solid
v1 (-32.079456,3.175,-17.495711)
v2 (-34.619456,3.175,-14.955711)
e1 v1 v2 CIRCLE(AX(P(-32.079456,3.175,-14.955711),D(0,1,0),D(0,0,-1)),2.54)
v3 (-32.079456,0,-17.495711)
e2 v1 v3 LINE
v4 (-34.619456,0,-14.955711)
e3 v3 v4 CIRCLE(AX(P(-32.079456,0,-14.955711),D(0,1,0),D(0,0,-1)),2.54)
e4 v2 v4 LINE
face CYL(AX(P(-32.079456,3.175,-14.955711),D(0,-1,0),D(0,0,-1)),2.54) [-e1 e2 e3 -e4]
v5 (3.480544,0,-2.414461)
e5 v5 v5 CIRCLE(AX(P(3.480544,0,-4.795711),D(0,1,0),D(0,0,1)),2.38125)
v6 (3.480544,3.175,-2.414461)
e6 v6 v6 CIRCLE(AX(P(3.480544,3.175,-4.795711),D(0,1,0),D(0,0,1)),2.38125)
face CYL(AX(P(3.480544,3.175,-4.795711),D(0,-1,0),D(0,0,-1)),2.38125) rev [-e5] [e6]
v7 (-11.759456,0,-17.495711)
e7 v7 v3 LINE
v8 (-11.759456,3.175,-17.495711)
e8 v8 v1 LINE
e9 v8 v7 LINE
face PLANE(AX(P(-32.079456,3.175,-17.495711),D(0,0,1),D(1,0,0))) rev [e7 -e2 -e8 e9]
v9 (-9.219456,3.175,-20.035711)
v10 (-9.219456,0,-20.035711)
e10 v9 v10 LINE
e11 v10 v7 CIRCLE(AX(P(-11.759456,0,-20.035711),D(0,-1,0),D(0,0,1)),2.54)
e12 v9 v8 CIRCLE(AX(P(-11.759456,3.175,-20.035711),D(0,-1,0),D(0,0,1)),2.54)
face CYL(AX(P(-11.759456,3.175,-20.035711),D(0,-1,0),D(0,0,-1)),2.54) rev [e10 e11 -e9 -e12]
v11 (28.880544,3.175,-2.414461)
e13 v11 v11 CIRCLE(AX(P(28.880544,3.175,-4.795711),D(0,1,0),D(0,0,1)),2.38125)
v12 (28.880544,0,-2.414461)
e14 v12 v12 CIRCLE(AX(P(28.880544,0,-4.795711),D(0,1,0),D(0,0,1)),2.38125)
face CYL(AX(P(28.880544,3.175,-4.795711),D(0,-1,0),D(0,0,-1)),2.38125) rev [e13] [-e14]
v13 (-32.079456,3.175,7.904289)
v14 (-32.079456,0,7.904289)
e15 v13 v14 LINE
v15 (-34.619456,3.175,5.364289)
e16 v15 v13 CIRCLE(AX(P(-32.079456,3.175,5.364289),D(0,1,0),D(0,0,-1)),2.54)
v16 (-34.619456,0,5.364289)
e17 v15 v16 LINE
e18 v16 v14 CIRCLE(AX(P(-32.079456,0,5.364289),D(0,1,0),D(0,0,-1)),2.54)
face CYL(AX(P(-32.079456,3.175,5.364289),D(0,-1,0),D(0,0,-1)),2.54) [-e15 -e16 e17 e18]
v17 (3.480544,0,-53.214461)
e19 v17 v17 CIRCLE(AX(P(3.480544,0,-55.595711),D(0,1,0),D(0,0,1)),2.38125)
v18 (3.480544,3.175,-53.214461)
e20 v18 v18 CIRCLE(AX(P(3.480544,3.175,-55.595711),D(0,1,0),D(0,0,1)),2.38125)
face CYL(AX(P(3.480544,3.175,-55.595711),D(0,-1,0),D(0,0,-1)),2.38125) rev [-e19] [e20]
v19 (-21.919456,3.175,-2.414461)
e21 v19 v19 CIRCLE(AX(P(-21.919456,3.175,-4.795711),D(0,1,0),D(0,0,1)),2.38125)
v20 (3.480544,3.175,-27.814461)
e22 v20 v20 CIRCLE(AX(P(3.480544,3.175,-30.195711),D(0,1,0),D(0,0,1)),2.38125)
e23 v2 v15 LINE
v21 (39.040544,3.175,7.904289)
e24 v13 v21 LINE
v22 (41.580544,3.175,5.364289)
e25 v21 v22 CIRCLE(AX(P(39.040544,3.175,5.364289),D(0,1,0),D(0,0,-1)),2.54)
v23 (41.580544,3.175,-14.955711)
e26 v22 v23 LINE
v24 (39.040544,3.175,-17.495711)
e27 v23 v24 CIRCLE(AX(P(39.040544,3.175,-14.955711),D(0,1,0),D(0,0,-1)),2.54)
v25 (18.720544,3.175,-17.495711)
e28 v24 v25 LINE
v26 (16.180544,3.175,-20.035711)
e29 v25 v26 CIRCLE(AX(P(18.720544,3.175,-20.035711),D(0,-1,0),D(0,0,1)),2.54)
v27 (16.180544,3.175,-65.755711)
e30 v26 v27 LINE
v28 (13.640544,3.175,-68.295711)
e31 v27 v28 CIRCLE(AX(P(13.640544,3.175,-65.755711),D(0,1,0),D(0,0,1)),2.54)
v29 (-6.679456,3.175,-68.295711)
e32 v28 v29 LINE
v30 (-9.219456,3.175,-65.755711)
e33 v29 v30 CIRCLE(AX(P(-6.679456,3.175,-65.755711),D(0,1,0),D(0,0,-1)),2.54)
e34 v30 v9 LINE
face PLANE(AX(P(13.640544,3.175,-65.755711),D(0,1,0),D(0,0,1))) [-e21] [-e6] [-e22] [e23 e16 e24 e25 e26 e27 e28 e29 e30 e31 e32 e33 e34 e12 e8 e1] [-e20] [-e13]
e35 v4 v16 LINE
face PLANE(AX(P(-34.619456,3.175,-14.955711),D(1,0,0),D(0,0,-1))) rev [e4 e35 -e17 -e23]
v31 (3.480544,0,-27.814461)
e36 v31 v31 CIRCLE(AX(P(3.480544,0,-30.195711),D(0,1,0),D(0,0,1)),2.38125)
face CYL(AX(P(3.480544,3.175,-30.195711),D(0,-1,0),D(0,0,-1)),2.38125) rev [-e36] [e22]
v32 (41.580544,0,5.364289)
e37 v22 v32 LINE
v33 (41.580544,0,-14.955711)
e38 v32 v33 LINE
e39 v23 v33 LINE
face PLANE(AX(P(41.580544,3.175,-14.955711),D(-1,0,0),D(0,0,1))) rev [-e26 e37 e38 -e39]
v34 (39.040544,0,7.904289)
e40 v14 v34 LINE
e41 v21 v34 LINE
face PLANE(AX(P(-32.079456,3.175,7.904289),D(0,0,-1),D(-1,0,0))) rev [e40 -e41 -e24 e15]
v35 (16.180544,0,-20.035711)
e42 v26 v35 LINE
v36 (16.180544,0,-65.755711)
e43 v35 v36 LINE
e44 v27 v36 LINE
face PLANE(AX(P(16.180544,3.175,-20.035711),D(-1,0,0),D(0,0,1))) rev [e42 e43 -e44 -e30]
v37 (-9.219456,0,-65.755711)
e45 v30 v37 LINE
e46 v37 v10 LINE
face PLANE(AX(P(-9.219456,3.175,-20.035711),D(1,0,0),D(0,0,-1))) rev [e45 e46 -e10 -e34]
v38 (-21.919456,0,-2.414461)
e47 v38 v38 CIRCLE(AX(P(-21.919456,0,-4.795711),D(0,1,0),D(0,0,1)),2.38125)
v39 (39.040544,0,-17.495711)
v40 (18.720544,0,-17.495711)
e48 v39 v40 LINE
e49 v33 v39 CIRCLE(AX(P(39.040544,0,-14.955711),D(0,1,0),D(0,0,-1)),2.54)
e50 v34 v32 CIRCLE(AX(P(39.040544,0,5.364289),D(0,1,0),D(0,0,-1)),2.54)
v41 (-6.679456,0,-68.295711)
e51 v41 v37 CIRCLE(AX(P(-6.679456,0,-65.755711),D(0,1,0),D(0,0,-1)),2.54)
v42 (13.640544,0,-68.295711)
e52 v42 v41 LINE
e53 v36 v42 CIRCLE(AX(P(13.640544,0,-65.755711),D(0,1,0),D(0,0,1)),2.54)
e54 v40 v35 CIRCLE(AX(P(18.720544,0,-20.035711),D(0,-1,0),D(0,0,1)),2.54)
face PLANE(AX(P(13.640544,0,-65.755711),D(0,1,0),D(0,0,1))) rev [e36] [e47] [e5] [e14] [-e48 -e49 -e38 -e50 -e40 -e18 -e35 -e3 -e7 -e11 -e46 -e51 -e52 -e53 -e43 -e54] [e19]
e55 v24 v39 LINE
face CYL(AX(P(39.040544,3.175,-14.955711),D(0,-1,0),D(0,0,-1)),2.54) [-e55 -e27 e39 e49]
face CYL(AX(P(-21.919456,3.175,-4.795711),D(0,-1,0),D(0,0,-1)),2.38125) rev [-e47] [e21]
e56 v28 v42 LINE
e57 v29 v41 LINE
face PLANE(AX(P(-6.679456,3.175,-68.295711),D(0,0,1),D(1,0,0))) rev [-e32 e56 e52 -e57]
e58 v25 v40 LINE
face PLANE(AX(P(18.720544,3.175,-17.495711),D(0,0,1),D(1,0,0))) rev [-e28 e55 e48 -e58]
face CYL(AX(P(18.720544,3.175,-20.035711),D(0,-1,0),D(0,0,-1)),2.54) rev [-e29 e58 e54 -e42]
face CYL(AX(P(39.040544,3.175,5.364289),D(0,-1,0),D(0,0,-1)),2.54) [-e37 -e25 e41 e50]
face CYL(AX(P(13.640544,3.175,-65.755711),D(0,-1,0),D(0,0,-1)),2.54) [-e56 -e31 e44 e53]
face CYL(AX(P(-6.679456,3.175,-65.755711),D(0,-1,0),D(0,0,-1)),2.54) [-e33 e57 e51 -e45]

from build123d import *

# Parameters (mm, degrees)
SKETCH1_R           = 2.38125
BOSS_EXTRUDE1_DEPTH = 3.175


with BuildPart() as part:
    # Sketch1 → Boss-Extrude1 (new body)
    with BuildSketch(Plane(origin=(0, 0, 0), x_dir=(1, 0, 0), z_dir=(0, 1, 0))):
        with BuildLine():
            Line((18.720543933, 17.495711297), (39.040543933, 17.495711297))
            ThreePointArc((39.040543933, 17.495711297), (40.836595157, 16.751762521), (41.580543933, 14.955711297))
            Line((41.580543933, 14.955711297), (41.580543933, -5.364288703))
            ThreePointArc((41.580543933, -5.364288703), (40.836595157, -7.160339927), (39.040543933, -7.904288703))
            Line((39.040543933, -7.904288703), (-32.079456067, -7.904288703))
            ThreePointArc((-32.079456067, -7.904288703), (-33.875507291, -7.160339927), (-34.619456067, -5.364288703))
            Line((-34.619456067, -5.364288703), (-34.619456067, 14.955711297))
            ThreePointArc((-34.619456067, 14.955711297), (-33.875507291, 16.751762521), (-32.079456067, 17.495711297))
            Line((-32.079456067, 17.495711297), (-11.759456067, 17.495711297))
            ThreePointArc((-11.759456067, 17.495711297), (-9.963404843, 18.239660073), (-9.219456067, 20.035711297))
            Line((-9.219456067, 20.035711297), (-9.219456067, 65.755711297))
            ThreePointArc((-9.219456067, 65.755711297), (-8.475507291, 67.551762521), (-6.679456067, 68.295711297))
            Line((-6.679456067, 68.295711297), (13.640543933, 68.295711297))
            ThreePointArc((13.640543933, 68.295711297), (15.436595157, 67.551762521), (16.180543933, 65.755711297))
            Line((16.180543933, 65.755711297), (16.180543933, 20.035711297))
            ThreePointArc((16.180543933, 20.035711297), (16.924492709, 18.239660073), (18.720543933, 17.495711297))
        make_face()
        with Locations((3.480543933, 4.795711297)):
            Circle(SKETCH1_R, mode=Mode.SUBTRACT)
        with Locations((-21.919456067, 4.795711297)):
            Circle(SKETCH1_R, mode=Mode.SUBTRACT)
        with Locations((28.880543933, 4.795711297)):
            Circle(SKETCH1_R, mode=Mode.SUBTRACT)
        with Locations((3.480543933, 30.195711297)):
            Circle(SKETCH1_R, mode=Mode.SUBTRACT)
        with Locations((3.480543933, 55.595711297)):
            Circle(SKETCH1_R, mode=Mode.SUBTRACT)
    extrude(amount=BOSS_EXTRUDE1_DEPTH)


solid = part.part
